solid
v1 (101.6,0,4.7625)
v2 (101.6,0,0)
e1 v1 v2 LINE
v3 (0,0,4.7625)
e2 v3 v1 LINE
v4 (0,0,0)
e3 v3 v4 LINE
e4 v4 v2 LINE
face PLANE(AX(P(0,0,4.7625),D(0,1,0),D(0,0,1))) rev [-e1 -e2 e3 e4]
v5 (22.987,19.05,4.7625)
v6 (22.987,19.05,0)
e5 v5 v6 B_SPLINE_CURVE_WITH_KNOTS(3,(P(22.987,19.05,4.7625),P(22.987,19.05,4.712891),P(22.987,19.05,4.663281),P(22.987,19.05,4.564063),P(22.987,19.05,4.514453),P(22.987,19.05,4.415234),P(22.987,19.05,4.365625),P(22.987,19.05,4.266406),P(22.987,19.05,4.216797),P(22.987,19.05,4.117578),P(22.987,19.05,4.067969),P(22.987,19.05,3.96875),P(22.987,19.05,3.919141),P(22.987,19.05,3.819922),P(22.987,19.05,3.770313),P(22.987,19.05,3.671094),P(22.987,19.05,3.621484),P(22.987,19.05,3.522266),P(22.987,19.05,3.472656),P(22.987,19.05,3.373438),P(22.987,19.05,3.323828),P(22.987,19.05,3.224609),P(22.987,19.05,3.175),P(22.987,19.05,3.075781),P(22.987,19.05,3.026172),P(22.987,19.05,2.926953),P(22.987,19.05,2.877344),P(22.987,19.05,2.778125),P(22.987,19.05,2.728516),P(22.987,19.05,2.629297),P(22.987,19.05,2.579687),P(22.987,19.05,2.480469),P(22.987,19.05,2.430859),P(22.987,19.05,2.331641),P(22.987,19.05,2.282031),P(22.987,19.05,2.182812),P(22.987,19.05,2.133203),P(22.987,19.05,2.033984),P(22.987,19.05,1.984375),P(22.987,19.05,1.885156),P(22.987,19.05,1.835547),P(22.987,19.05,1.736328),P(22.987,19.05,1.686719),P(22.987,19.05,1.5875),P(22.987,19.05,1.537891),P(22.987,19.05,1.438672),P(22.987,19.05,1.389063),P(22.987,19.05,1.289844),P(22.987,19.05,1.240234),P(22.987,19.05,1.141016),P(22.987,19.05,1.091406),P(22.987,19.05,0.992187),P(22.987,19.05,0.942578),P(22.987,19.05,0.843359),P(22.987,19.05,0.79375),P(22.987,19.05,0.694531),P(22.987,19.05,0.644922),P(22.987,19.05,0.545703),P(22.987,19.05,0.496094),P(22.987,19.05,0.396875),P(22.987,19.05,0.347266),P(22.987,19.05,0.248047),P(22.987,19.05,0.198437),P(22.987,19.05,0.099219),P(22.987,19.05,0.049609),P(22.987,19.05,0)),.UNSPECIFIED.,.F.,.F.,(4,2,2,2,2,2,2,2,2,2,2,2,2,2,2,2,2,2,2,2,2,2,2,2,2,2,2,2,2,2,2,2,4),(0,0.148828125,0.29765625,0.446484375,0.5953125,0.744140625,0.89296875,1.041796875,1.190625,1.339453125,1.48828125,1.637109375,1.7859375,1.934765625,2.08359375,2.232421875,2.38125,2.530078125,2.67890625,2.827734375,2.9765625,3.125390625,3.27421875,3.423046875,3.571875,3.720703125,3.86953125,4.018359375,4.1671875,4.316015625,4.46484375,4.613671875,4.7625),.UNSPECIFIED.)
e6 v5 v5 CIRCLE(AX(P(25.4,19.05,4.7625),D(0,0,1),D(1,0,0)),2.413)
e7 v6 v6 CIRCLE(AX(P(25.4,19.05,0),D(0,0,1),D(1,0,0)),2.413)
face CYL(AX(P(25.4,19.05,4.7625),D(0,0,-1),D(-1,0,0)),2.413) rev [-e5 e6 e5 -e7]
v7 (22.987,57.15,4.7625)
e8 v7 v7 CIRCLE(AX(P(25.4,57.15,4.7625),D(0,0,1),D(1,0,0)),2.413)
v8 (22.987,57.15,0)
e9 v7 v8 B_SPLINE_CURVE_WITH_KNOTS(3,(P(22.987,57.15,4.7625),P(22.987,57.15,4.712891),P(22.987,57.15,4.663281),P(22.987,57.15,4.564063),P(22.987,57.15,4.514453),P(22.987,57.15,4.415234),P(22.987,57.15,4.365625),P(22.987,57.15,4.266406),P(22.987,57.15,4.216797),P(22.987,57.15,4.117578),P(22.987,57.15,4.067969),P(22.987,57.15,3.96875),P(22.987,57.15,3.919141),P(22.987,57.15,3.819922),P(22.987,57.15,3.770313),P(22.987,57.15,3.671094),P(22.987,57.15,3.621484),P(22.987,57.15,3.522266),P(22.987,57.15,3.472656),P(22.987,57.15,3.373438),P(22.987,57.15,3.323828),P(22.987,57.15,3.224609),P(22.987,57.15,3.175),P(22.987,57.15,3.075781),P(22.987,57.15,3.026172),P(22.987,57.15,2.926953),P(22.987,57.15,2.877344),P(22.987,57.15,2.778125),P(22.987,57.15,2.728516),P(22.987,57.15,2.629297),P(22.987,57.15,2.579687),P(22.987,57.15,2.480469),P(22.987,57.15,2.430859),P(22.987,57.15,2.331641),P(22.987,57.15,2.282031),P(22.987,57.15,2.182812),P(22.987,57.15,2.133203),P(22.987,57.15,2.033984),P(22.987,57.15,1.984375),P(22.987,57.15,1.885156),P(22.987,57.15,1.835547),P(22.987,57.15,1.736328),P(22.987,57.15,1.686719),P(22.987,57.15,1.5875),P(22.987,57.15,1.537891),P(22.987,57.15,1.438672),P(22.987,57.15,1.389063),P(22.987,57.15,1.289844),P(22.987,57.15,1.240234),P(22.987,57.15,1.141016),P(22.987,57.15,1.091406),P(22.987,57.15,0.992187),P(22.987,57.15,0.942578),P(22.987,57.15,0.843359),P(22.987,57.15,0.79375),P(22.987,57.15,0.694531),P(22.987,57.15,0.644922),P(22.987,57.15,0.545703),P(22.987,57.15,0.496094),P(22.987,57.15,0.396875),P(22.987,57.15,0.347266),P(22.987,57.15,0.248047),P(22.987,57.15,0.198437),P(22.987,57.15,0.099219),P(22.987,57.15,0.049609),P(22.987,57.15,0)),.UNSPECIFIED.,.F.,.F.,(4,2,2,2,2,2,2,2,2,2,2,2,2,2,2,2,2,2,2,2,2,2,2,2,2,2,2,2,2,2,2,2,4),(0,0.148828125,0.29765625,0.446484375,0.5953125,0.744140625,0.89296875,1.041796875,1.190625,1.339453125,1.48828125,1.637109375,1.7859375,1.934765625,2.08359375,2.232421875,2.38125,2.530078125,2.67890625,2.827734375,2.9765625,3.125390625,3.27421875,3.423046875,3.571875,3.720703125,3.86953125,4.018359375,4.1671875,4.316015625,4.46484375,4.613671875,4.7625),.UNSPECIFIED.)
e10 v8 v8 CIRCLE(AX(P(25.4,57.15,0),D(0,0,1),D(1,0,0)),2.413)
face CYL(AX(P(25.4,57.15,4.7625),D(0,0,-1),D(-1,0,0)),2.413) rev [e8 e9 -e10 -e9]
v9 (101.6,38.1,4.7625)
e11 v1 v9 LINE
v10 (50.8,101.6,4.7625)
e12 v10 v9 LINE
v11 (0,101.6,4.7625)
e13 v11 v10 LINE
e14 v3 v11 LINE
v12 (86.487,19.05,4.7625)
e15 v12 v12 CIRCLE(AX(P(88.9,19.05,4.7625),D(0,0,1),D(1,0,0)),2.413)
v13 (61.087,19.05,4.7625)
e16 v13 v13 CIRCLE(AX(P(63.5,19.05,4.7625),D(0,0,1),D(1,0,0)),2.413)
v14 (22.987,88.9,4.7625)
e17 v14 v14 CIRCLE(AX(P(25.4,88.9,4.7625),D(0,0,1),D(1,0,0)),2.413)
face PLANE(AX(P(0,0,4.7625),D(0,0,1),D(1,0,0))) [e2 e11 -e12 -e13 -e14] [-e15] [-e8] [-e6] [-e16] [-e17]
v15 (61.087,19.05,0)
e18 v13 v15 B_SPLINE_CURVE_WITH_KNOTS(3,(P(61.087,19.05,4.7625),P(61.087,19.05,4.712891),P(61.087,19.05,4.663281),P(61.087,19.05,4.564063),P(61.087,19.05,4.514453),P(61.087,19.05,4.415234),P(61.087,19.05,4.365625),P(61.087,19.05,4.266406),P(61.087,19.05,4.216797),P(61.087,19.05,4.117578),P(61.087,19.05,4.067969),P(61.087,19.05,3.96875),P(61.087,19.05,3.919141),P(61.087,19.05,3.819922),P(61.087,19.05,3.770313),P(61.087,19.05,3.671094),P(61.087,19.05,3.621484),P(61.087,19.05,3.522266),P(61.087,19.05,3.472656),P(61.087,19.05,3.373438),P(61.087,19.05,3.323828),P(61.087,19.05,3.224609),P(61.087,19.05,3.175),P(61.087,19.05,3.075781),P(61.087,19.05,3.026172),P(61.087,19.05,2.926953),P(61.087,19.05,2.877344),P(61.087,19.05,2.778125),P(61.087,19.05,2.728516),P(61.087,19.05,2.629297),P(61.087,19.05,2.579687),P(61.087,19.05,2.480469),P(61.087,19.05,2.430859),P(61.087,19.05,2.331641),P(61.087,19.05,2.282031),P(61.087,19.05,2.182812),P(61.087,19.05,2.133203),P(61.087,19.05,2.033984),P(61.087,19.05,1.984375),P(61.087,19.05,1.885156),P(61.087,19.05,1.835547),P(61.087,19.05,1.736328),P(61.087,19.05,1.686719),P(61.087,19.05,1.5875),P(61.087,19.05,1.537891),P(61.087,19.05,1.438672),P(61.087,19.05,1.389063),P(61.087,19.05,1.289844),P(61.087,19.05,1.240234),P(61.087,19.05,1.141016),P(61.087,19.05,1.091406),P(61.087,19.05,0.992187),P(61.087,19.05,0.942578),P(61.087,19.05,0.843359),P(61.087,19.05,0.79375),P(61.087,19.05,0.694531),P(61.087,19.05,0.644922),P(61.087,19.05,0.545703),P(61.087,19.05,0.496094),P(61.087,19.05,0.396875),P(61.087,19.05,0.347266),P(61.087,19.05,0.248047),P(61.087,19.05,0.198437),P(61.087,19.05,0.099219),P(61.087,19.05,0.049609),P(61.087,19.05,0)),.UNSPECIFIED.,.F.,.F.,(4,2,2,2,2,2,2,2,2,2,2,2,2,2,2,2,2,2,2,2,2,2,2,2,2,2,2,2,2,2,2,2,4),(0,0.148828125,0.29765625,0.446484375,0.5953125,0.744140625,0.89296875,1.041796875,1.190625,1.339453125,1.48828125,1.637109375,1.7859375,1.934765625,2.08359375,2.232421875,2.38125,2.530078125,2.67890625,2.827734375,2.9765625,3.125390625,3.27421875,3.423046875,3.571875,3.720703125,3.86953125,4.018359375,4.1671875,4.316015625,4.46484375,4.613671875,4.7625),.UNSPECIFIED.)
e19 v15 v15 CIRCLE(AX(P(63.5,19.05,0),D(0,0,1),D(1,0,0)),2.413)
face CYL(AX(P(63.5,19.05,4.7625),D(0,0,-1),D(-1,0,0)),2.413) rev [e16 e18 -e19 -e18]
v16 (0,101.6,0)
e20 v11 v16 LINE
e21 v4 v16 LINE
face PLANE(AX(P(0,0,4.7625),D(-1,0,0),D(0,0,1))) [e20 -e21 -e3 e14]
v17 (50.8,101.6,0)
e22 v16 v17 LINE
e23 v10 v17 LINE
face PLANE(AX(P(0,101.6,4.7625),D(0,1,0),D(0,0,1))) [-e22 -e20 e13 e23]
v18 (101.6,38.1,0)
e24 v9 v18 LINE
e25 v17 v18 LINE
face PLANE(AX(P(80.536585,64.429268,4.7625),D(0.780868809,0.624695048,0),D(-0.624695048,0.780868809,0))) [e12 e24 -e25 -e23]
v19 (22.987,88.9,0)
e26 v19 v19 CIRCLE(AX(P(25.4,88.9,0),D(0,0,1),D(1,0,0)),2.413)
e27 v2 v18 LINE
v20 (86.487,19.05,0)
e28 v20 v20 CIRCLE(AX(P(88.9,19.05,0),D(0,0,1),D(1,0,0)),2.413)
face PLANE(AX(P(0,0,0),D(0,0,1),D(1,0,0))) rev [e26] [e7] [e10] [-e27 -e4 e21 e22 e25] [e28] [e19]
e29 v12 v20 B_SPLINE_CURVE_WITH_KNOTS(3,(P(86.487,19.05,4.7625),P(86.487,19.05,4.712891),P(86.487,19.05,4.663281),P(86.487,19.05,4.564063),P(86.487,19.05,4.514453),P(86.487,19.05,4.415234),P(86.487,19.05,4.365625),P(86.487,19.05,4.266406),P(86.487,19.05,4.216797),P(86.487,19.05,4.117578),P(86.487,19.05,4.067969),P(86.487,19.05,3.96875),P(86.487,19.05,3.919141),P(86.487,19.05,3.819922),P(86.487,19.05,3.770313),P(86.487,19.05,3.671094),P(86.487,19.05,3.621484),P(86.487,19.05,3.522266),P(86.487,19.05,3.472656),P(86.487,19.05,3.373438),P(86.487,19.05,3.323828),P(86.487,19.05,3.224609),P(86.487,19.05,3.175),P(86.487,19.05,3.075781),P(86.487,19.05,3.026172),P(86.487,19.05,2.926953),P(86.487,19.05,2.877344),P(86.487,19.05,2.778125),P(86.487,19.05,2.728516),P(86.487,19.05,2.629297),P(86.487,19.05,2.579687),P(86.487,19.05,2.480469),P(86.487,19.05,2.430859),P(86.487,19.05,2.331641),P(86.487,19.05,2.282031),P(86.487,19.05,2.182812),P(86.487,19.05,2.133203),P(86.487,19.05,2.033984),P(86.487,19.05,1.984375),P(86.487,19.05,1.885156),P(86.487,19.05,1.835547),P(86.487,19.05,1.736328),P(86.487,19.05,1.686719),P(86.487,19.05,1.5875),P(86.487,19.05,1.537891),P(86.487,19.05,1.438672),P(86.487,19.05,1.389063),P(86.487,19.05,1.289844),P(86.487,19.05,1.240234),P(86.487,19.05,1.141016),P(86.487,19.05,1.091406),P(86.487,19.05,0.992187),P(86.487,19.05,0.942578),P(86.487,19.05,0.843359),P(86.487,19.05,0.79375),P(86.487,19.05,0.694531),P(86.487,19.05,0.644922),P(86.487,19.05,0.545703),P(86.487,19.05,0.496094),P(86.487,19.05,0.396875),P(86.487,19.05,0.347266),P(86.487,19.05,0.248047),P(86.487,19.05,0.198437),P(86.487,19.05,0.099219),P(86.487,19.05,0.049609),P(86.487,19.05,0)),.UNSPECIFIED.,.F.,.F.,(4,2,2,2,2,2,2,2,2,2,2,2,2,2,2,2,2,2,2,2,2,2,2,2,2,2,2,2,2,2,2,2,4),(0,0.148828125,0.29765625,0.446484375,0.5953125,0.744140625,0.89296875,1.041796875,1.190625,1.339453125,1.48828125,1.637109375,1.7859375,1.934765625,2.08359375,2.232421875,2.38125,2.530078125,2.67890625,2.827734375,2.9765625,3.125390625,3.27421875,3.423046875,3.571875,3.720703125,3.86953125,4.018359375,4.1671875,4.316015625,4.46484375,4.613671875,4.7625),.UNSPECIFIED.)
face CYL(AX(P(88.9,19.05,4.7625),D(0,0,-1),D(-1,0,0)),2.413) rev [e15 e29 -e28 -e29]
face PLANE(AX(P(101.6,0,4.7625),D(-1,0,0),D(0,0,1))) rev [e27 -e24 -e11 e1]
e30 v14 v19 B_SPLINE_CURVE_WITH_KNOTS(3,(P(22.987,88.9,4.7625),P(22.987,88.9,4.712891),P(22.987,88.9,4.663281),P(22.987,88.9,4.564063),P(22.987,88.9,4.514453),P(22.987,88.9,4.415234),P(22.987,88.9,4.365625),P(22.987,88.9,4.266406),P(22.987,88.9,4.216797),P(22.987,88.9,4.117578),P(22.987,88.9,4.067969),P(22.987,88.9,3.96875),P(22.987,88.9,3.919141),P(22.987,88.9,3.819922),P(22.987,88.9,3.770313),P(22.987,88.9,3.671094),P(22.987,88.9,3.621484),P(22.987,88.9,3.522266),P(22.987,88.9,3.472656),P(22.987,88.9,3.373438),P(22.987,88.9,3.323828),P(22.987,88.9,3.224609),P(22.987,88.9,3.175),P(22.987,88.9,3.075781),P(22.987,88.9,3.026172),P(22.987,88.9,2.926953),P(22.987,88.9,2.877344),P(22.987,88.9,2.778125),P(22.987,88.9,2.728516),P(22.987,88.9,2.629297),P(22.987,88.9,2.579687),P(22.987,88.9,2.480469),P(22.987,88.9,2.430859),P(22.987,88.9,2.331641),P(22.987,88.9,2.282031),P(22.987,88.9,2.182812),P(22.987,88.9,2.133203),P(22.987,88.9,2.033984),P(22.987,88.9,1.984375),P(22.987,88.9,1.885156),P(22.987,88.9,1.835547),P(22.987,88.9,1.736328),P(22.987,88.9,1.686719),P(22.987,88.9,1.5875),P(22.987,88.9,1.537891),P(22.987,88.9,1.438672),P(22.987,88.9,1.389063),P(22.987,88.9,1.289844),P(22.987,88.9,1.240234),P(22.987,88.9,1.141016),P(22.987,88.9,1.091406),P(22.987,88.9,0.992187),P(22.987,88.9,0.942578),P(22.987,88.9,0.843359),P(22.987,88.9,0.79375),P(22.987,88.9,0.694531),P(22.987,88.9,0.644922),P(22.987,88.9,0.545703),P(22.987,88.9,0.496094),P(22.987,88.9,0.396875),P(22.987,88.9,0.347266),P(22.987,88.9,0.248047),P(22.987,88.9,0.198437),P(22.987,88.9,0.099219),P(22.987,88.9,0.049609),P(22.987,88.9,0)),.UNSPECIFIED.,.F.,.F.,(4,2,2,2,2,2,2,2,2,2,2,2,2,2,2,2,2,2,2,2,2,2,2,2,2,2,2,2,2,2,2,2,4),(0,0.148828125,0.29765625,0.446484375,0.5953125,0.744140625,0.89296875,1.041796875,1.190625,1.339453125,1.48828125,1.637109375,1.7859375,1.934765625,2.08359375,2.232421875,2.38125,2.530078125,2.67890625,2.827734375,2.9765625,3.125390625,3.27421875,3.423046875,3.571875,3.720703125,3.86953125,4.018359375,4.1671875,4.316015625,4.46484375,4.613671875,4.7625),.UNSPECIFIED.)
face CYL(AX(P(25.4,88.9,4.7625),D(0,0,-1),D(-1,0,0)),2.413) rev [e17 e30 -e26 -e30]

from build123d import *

# Parameters (mm, degrees)
SKETCH1_R           = 2.413
BOSS_EXTRUDE1_DEPTH = 4.7625


with BuildPart() as part:
    # Sketch1 → Boss-Extrude1 (new body)
    with BuildSketch(Plane.XY):
        Polygon((101.6, 38.1), (50.8, 101.6), (0, 101.6), (0, 0), (101.6, 0), align=None)
        with Locations(Location((25.4, 19.05, 0), (0, 0, 180))):
            Circle(SKETCH1_R, mode=Mode.SUBTRACT)
        with Locations(Location((63.5, 19.05, 0), (0, 0, 180))):
            Circle(SKETCH1_R, mode=Mode.SUBTRACT)
        with Locations(Location((88.9, 19.05, 0), (0, 0, 180))):
            Circle(SKETCH1_R, mode=Mode.SUBTRACT)
        with Locations(Location((25.4, 57.15, 0), (0, 0, 180))):
            Circle(SKETCH1_R, mode=Mode.SUBTRACT)
        with Locations(Location((25.4, 88.9, 0), (0, 0, 180))):
            Circle(SKETCH1_R, mode=Mode.SUBTRACT)
    extrude(amount=BOSS_EXTRUDE1_DEPTH)


solid = part.part
